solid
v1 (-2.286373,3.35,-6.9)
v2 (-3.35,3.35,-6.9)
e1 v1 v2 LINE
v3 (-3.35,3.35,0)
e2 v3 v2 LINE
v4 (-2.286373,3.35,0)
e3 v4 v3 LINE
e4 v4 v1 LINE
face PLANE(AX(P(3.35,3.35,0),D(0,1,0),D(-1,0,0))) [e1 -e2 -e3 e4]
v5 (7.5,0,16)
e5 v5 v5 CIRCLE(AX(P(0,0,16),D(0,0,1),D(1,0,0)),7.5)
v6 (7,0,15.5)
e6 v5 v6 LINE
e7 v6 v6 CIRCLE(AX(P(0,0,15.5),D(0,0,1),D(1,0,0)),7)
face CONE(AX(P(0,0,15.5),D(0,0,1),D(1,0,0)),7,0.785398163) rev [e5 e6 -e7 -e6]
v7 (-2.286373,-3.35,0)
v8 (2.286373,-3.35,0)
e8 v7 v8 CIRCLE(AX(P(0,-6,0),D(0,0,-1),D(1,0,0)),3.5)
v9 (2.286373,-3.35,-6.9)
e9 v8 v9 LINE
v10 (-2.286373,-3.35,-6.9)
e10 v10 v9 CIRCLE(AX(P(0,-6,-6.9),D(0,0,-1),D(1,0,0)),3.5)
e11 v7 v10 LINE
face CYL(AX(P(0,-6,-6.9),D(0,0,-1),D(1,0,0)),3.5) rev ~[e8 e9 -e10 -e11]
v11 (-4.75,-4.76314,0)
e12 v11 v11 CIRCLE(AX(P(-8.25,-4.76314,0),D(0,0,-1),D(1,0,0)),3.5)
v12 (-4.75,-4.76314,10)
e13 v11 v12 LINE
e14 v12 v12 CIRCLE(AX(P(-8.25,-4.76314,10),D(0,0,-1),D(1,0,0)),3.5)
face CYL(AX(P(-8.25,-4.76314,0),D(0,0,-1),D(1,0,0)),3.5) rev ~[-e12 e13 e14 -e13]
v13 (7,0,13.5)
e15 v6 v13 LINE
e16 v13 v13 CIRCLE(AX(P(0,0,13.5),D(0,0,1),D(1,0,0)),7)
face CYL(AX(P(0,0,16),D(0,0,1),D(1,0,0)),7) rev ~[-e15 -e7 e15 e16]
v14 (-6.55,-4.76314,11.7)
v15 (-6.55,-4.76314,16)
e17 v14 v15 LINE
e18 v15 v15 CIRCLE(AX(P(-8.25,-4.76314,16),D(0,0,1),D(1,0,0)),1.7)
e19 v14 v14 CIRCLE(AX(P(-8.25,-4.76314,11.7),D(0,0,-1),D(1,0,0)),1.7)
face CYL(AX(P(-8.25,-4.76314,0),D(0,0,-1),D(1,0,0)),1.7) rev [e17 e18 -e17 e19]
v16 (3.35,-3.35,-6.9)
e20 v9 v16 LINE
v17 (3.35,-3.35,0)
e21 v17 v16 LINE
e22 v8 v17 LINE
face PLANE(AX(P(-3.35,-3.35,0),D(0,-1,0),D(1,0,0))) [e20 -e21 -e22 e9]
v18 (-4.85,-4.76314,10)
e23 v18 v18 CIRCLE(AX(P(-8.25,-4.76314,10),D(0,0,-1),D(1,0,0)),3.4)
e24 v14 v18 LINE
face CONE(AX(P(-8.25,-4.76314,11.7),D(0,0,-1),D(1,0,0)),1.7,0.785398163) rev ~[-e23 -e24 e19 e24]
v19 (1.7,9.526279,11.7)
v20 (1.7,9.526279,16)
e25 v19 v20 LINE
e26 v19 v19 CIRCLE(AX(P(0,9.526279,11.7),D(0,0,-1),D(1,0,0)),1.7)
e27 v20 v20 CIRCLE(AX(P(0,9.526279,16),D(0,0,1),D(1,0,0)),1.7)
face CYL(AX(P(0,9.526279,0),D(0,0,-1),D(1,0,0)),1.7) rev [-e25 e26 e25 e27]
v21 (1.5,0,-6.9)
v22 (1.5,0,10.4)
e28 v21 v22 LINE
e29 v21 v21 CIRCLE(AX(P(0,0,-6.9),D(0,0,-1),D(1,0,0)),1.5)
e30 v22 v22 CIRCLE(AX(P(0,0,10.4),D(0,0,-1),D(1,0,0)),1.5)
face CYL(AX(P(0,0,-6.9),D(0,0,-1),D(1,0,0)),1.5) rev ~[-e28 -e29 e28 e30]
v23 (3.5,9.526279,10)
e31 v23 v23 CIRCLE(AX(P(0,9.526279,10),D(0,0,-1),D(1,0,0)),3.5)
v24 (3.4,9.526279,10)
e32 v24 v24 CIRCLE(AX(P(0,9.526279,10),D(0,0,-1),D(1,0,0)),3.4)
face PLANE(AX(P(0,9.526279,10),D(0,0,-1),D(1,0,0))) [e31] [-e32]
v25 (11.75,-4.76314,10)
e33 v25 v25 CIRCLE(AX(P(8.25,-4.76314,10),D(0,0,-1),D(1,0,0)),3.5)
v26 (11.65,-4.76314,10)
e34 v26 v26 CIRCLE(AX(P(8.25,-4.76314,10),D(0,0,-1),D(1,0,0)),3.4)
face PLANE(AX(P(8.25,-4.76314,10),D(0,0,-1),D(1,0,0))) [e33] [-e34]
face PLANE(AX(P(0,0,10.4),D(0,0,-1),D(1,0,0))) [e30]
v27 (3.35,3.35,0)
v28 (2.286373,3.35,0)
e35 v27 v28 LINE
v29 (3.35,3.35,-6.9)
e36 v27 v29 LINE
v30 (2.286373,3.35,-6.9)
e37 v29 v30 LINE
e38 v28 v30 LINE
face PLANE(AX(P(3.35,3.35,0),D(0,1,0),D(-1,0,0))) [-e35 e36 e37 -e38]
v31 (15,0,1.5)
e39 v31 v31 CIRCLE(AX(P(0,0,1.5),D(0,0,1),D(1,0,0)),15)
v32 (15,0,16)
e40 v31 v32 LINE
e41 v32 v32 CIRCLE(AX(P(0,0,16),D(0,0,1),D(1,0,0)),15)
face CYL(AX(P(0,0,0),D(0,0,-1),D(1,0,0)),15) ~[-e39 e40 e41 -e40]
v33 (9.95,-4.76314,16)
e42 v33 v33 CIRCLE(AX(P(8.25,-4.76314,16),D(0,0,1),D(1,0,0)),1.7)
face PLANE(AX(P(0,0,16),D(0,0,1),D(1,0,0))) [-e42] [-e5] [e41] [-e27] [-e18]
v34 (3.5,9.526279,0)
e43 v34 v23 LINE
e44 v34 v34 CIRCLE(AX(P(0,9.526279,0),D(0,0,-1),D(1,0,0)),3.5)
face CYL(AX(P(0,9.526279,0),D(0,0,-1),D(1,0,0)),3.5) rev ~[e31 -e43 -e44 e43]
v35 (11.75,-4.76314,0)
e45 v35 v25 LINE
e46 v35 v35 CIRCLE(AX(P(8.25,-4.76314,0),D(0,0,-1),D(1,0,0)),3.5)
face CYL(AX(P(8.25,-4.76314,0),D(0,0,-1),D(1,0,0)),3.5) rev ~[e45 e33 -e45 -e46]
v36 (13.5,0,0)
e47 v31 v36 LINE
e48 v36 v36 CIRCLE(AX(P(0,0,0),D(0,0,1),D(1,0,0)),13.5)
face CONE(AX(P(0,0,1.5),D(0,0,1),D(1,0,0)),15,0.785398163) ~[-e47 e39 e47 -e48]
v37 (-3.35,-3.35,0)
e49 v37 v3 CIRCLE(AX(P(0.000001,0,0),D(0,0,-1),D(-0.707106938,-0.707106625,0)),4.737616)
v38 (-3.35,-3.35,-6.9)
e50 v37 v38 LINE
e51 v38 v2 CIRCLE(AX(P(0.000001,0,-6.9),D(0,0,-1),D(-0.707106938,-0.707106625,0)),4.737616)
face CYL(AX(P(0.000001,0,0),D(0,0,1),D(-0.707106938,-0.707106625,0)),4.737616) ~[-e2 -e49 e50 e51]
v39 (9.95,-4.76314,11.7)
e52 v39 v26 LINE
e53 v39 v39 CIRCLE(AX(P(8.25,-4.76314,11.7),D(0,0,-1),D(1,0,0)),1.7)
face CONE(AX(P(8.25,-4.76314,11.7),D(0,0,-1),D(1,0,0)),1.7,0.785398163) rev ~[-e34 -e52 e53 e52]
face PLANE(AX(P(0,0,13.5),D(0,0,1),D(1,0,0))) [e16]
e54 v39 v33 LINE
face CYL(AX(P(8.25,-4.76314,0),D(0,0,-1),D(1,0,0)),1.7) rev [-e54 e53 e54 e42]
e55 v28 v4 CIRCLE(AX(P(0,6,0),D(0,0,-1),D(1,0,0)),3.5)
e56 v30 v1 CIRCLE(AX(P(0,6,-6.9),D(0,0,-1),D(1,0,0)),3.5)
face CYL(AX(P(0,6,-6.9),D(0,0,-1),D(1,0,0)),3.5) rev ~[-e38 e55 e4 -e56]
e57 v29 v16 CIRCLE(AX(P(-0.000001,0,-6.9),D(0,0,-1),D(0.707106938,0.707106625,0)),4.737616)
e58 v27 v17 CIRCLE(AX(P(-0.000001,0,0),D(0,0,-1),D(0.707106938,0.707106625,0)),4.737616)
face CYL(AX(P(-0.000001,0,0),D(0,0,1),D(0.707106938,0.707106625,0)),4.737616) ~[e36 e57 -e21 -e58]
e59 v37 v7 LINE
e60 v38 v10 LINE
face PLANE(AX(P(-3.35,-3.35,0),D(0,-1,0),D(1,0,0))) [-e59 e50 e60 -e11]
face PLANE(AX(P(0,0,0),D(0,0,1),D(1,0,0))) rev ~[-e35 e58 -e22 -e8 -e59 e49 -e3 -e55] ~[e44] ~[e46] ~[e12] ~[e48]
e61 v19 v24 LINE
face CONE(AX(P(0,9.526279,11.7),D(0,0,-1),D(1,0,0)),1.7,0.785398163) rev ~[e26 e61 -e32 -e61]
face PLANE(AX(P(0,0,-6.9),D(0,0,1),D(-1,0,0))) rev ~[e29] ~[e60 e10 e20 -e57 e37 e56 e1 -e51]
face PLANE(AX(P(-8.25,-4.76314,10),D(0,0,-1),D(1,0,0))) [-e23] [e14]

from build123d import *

# Parameters (mm, degrees)
SKETCH_R        = 15
SKETCH_R_2      = 1.7
PAD_DEPTH       = 16
PAD001_DEPTH    = 6.9
SKETCH006_R     = 3.5
POCKET003_DEPTH = 6.9
SKETCH003_R     = 1.5
POCKET004_DEPTH = 17.3
SKETCH008_R     = 7
POCKET_DEPTH    = 2.5
SKETCH009_R     = 3.5
POCKET005_DEPTH = 10
CHAMFER_SIZE    = 1.5
CHAMFER001_SIZE = 1.7
CHAMFER002_SIZE = 1.7
CHAMFER003_SIZE = 1.7
CHAMFER004_SIZE = 0.5


with BuildPart() as part:
    # Sketch → Pad (new body)
    with BuildSketch(Plane.XY):
        Circle(SKETCH_R)
        with Locations((0, 9.526279)):
            Circle(SKETCH_R_2, mode=Mode.SUBTRACT)
        with Locations((-8.25, -4.76314)):
            Circle(SKETCH_R_2, mode=Mode.SUBTRACT)
        with Locations((8.25, -4.76314)):
            Circle(SKETCH_R_2, mode=Mode.SUBTRACT)
    extrude(amount=PAD_DEPTH)

    # Sketch004 → Pad001 (new body)
    with BuildSketch(Plane(origin=(0, 0, 0), x_dir=(1, 0, 0), z_dir=(0, 0, -1))):
        with BuildLine():
            Line((-3.35, 3.35), (3.35, 3.35))
            ThreePointArc((3.35, -3.35), (4.737615, 0), (3.35, 3.35))
            Line((3.35, -3.35), (-3.35, -3.35))
            ThreePointArc((-3.35, 3.35), (-4.737615, 0), (-3.35, -3.35))
        make_face()
    extrude(amount=PAD001_DEPTH)

    # Sketch006 → Pocket003 (cut)
    with BuildSketch(Plane(origin=(0, 0, -6.9), x_dir=(1, 0, 0), z_dir=(0, 0, -1))):
        with Locations((0, 6)):
            Circle(SKETCH006_R)
        with Locations((0, -6)):
            Circle(SKETCH006_R)
    extrude(amount=-POCKET003_DEPTH, mode=Mode.SUBTRACT)

    # Sketch003 → Pocket004 (cut)
    with BuildSketch(Plane(origin=(0, 0, -6.9), x_dir=(1, 0, 0), z_dir=(0, 0, -1))):
        Circle(SKETCH003_R)
    extrude(amount=-POCKET004_DEPTH, mode=Mode.SUBTRACT)

    # Sketch008 → Pocket (cut)
    with BuildSketch(Plane.XY.offset(16)):
        Circle(SKETCH008_R)
    extrude(amount=-POCKET_DEPTH, mode=Mode.SUBTRACT)

    # Sketch009 → Pocket005 (cut)
    with BuildSketch(Plane(origin=(0, 0, 0), x_dir=(1, 0, 0), z_dir=(0, 0, -1))):
        with Locations((8.25, 4.76314)):
            Circle(SKETCH009_R)
        with Locations((-8.25, 4.76314)):
            Circle(SKETCH009_R)
        with Locations((0, -9.526279)):
            Circle(SKETCH009_R)
    extrude(amount=-POCKET005_DEPTH, mode=Mode.SUBTRACT)

    # Chamfer
    chamfer_edges = [part.edges().sort_by_distance(p)[0] for p in [
        (-15, 0, 0),
    ]]
    chamfer(chamfer_edges, length=CHAMFER_SIZE)

    # Chamfer001
    chamfer001_edges = [part.edges().sort_by_distance(p)[0] for p in [
        (-9.95, -4.76314, 10),
    ]]
    chamfer(chamfer001_edges, length=CHAMFER001_SIZE)

    # Chamfer002
    chamfer002_edges = [part.edges().sort_by_distance(p)[0] for p in [
        (6.55, -4.76314, 10),
    ]]
    chamfer(chamfer002_edges, length=CHAMFER002_SIZE)

    # Chamfer003
    chamfer003_edges = [part.edges().sort_by_distance(p)[0] for p in [
        (-1.7, 9.526279, 10),
    ]]
    chamfer(chamfer003_edges, length=CHAMFER003_SIZE)

    # Chamfer004
    chamfer004_edges = [part.edges().sort_by_distance(p)[0] for p in [
        (-7, 0, 16),
    ]]
    chamfer(chamfer004_edges, length=CHAMFER004_SIZE)


solid = part.part
